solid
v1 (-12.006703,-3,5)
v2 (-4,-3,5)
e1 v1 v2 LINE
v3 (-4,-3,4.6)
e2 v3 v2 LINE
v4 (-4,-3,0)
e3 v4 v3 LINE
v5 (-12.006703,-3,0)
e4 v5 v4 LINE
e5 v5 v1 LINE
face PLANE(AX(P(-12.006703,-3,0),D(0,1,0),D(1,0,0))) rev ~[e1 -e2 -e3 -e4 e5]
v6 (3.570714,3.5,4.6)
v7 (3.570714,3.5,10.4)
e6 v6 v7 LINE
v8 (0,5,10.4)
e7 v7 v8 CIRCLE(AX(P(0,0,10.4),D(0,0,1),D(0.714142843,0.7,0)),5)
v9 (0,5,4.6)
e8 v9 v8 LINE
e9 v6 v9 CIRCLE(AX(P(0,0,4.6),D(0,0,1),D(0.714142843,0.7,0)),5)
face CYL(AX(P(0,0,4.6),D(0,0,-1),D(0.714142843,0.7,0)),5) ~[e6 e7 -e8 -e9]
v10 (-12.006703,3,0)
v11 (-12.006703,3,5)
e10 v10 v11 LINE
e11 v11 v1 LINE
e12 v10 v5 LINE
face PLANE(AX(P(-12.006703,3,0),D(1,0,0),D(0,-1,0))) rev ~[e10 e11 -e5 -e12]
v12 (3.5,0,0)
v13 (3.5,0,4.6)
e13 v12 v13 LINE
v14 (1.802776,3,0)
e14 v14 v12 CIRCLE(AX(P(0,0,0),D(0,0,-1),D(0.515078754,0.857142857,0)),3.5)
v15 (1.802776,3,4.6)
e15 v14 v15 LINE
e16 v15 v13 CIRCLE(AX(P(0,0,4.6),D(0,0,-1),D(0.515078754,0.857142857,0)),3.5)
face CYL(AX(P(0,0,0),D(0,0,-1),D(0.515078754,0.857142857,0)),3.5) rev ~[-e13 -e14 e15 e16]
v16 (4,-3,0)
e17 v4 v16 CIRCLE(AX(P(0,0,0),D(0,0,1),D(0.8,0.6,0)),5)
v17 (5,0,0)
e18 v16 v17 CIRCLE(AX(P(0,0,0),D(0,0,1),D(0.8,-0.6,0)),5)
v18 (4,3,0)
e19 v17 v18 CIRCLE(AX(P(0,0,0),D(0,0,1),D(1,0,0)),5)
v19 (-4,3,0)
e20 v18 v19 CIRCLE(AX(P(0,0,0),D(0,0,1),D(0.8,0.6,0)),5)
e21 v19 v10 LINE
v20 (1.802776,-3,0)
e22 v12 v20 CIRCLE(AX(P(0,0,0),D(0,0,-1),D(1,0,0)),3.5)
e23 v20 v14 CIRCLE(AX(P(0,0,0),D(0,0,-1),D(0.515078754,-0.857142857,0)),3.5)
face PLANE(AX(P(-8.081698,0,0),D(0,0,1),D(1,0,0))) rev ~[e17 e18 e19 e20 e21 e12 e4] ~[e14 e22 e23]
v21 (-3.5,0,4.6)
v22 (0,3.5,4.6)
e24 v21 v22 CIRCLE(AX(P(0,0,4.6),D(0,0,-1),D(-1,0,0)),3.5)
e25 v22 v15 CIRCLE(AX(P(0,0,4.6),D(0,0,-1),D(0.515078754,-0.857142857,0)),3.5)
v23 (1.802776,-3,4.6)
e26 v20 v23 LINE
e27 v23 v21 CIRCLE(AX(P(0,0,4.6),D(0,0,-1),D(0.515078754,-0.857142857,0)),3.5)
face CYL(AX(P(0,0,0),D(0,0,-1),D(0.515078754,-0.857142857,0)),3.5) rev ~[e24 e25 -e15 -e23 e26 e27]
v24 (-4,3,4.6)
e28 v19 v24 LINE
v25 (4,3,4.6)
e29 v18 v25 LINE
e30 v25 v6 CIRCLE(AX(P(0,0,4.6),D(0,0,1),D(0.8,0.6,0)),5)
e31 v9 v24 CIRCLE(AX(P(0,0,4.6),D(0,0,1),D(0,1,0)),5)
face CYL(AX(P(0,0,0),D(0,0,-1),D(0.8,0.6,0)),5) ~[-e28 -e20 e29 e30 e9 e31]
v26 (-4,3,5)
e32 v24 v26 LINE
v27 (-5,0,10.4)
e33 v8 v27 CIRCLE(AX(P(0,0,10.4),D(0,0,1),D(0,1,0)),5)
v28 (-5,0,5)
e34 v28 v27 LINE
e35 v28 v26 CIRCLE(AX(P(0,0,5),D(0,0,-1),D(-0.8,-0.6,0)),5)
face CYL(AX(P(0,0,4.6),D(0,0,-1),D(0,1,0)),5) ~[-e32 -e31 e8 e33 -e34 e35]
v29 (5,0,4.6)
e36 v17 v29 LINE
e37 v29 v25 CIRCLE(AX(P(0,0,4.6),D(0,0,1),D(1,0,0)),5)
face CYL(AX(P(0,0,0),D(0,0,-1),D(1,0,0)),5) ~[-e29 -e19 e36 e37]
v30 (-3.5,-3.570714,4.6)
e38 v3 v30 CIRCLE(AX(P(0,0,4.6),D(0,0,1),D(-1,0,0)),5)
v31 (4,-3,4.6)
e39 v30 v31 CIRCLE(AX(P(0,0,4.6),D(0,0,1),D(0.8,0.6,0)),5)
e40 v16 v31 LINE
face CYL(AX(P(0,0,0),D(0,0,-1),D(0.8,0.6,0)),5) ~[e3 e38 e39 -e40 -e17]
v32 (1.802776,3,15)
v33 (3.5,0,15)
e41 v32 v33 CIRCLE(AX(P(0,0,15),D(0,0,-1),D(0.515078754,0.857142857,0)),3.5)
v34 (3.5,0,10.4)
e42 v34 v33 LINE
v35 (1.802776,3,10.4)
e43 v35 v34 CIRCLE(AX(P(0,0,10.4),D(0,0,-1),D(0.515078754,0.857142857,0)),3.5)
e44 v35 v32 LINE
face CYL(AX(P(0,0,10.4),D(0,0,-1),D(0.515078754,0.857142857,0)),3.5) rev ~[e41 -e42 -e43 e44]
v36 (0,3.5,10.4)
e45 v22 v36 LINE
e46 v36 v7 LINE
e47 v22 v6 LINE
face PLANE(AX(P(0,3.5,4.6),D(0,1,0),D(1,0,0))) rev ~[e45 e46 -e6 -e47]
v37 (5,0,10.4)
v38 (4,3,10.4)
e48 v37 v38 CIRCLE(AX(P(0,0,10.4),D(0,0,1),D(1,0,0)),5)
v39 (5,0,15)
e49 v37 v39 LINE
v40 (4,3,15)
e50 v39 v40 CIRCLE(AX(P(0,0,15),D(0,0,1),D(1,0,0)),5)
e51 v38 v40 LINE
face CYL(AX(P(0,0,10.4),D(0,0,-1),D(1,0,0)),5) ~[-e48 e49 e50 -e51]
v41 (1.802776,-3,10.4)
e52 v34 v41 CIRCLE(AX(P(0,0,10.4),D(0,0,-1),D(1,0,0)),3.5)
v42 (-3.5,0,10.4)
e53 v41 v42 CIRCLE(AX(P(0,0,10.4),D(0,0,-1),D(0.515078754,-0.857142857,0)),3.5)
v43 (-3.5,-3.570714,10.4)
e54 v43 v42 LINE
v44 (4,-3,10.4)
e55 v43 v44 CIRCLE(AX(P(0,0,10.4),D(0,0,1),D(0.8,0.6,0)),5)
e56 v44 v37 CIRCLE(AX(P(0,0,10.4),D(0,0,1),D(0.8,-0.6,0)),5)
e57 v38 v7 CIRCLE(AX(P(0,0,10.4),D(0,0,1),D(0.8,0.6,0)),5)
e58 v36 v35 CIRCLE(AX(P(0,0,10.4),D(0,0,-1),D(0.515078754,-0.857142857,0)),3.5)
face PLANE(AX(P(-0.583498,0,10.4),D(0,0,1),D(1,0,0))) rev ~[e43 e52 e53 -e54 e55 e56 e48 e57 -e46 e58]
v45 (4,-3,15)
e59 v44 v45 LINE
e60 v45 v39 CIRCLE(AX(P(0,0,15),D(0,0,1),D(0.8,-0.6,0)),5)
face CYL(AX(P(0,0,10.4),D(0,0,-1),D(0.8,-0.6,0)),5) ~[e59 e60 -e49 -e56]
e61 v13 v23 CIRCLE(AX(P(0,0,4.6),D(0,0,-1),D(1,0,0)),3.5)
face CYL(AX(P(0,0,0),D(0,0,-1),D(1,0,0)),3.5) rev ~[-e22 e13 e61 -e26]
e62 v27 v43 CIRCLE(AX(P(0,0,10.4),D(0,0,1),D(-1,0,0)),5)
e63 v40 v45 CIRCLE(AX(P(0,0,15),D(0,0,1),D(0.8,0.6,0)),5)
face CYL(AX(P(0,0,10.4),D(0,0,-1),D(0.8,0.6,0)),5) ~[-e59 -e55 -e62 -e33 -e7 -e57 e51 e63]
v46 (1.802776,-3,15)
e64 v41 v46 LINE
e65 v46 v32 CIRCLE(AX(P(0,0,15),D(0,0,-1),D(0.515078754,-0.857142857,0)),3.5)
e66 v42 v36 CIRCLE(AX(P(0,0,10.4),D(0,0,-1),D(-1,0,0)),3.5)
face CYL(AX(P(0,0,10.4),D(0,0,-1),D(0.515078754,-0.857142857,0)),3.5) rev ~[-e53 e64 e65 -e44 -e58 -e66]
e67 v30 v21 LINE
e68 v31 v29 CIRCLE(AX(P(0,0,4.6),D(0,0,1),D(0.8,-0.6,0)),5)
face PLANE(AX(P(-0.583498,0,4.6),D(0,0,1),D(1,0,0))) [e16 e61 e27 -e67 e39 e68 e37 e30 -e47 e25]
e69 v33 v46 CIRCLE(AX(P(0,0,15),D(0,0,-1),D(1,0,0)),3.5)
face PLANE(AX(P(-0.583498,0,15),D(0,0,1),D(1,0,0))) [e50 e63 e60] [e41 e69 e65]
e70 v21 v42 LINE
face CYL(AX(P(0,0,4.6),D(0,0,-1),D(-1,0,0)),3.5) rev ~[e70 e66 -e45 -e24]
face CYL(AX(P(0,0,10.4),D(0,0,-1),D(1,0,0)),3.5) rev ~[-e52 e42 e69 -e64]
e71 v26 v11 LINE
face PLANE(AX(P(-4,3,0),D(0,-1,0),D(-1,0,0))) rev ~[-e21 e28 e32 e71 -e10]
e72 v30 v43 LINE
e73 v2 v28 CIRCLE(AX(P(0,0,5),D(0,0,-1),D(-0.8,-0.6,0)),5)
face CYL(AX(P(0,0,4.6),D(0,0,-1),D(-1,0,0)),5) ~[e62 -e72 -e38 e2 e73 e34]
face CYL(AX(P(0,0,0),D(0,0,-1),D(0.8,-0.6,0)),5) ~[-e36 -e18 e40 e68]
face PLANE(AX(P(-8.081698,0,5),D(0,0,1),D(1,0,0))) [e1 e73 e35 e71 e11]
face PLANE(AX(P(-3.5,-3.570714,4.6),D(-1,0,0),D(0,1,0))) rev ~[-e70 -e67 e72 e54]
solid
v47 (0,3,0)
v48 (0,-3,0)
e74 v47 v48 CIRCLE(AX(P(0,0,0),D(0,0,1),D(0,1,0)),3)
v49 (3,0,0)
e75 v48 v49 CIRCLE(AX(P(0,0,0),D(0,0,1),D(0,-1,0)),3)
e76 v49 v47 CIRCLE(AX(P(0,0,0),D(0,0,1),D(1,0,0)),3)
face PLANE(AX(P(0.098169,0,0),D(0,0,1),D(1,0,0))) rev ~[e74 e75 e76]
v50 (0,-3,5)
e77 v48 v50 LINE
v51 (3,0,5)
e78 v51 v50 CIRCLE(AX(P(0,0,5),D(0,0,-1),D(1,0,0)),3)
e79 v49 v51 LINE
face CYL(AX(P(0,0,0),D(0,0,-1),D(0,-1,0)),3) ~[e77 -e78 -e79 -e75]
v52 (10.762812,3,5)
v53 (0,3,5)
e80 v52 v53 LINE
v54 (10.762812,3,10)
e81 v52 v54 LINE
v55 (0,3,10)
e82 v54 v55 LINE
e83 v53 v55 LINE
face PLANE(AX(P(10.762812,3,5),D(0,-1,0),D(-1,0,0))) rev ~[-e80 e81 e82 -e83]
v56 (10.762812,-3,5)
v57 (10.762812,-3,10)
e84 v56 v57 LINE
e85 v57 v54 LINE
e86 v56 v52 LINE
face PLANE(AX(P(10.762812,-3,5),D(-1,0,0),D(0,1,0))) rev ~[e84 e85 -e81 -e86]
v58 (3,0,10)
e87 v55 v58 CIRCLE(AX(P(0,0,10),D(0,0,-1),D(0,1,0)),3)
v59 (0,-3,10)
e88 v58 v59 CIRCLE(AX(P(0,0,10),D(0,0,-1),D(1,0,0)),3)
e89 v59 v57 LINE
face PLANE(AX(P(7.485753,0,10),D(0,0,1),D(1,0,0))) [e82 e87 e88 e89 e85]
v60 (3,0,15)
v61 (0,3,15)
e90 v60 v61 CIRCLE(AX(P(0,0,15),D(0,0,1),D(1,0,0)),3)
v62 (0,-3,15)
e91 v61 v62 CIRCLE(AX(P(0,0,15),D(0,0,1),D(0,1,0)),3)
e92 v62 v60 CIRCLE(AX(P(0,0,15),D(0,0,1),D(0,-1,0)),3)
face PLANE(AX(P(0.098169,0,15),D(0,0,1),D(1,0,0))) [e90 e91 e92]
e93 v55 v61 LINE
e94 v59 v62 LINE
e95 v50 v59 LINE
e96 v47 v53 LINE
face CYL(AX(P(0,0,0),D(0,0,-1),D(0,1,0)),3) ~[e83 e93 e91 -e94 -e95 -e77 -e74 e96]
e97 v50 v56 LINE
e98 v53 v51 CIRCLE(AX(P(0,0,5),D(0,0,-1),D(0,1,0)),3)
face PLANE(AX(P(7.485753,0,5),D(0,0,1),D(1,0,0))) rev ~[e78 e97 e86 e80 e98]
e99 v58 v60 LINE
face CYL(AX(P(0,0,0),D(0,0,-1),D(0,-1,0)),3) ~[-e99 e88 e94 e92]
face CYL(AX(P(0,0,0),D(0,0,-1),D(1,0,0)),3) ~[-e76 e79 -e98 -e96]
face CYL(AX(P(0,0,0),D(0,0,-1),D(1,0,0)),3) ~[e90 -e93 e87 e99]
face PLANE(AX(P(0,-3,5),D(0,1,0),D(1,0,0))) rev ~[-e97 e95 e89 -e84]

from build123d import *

# Parameters (mm, degrees)
F1_DEPTH = 15
F2_START = 5
F2_DEPTH = 5
F3_DEPTH = 4.6
F5_DEPTH = 5.8
F6_START = 10.4
F6_DEPTH = 4.6
F7_DEPTH = 5


with BuildPart() as f1:
    # F0 (on Top) → F1 (new body)
    with BuildSketch(Plane.XY):
        with BuildLine():
            ThreePointArc((0, -3), (2.1213203436, -2.1213203436), (3, 0))
            ThreePointArc((3, 0), (2.1213203436, 2.1213203436), (0, 3))
            ThreePointArc((0, 3), (-3, 0), (0, -3))
        make_face()
    extrude(amount=F1_DEPTH)

    # F0 (on Top) → F2 (join)
    with BuildSketch(Plane.XY.offset(F2_START)):
        with BuildLine():
            Line((10.7628116384, 3), (4, 3))
            ThreePointArc((4, 3), (4.7434164903, 1.5811388301), (5, 0))
            ThreePointArc((5, 0), (4.7434164903, -1.5811388301), (4, -3))
            Line((4, -3), (10.7628116384, -3))
            Line((10.7628116384, -3), (10.7628116384, 3))
        make_face()
        with BuildLine():
            ThreePointArc((0, 3), (2.1213203436, 2.1213203436), (3, 0))
            ThreePointArc((3, 0), (2.1213203436, -2.1213203436), (0, -3))
            Line((0, -3), (1.8027756377, -3))
            ThreePointArc((1.8027756377, -3), (3.0462858313, -1.7234101758), (3.5, 0))
            ThreePointArc((3.5, 0), (3.0462858313, 1.7234101758), (1.8027756377, 3))
            Line((1.8027756377, 3), (0, 3))
        make_face()
        with BuildLine():
            Line((4, 3), (1.8027756377, 3))
            ThreePointArc((1.8027756377, 3), (3.0462858313, 1.7234101758), (3.5, 0))
            ThreePointArc((3.5, 0), (3.0462858313, -1.7234101758), (1.8027756377, -3))
            Line((1.8027756377, -3), (4, -3))
            ThreePointArc((4, -3), (4.7434164903, -1.5811388301), (5, 0))
            ThreePointArc((5, 0), (4.7434164903, 1.5811388301), (4, 3))
        make_face()
    extrude(amount=F2_DEPTH)


with BuildPart() as f3:
    # F0 (on Top) → F3 (new body)
    with BuildSketch(Plane.XY):
        with BuildLine():
            ThreePointArc((1.8027756377, -3), (-3.5, 0), (1.8027756377, 3))
            Line((1.8027756377, 3), (4, 3))
            ThreePointArc((4, 3), (0, 5), (-4, 3))
            ThreePointArc((-4, 3), (-5, 0), (-4, -3))
            ThreePointArc((-4, -3), (0, -5), (4, -3))
            Line((4, -3), (1.8027756377, -3))
        make_face()
        with BuildLine():
            Line((4, 3), (1.8027756377, 3))
            ThreePointArc((1.8027756377, 3), (3.0462858313, 1.7234101758), (3.5, 0))
            ThreePointArc((3.5, 0), (3.0462858313, -1.7234101758), (1.8027756377, -3))
            Line((1.8027756377, -3), (4, -3))
            ThreePointArc((4, -3), (4.7434164903, -1.5811388301), (5, 0))
            ThreePointArc((5, 0), (4.7434164903, 1.5811388301), (4, 3))
        make_face()
    extrude(amount=F3_DEPTH)

    # F4 (on face) → F5 (join)
    with BuildSketch(Plane.XY.offset(4.6)):
        with BuildLine():
            Line((-3.5, 0), (-5, 0))
            ThreePointArc((-5, 0), (-4.6097722286, -1.9364916731), (-3.5, -3.5707142143))
            Line((-3.5, -3.5707142143), (-3.5, 0))
        make_face()
        with BuildLine():
            Line((0, 3.5), (0, 5))
            ThreePointArc((0, 5), (-3.5355339059, 3.5355339059), (-5, 0))
            Line((-5, 0), (-3.5, 0))
            ThreePointArc((-3.5, 0), (-2.4748737342, 2.4748737342), (0, 3.5))
        make_face()
        with BuildLine():
            ThreePointArc((3.5707142143, 3.5), (1.9364916731, 4.6097722286), (0, 5))
            Line((0, 5), (0, 3.5))
            Line((0, 3.5), (3.5707142143, 3.5))
        make_face()
    extrude(amount=F5_DEPTH)

    # F0 (on Top) → F6 (join)
    with BuildSketch(Plane.XY.offset(F6_START)):
        with BuildLine():
            ThreePointArc((1.8027756377, -3), (-3.5, 0), (1.8027756377, 3))
            Line((1.8027756377, 3), (4, 3))
            ThreePointArc((4, 3), (0, 5), (-4, 3))
            ThreePointArc((-4, 3), (-5, 0), (-4, -3))
            ThreePointArc((-4, -3), (0, -5), (4, -3))
            Line((4, -3), (1.8027756377, -3))
        make_face()
        with BuildLine():
            Line((4, 3), (1.8027756377, 3))
            ThreePointArc((1.8027756377, 3), (3.0462858313, 1.7234101758), (3.5, 0))
            ThreePointArc((3.5, 0), (3.0462858313, -1.7234101758), (1.8027756377, -3))
            Line((1.8027756377, -3), (4, -3))
            ThreePointArc((4, -3), (4.7434164903, -1.5811388301), (5, 0))
            ThreePointArc((5, 0), (4.7434164903, 1.5811388301), (4, 3))
        make_face()
    extrude(amount=F6_DEPTH)

    # F0 (on Top) → F7 (join)
    with BuildSketch(Plane.XY):
        with BuildLine():
            ThreePointArc((-4, -3), (-5, 0), (-4, 3))
            Line((-4, 3), (-12.0067028329, 3))
            Line((-12.0067028329, 3), (-12.0067028329, -3))
            Line((-12.0067028329, -3), (-4, -3))
        make_face()
    extrude(amount=F7_DEPTH)


solid = Compound([f1.part, f3.part])
